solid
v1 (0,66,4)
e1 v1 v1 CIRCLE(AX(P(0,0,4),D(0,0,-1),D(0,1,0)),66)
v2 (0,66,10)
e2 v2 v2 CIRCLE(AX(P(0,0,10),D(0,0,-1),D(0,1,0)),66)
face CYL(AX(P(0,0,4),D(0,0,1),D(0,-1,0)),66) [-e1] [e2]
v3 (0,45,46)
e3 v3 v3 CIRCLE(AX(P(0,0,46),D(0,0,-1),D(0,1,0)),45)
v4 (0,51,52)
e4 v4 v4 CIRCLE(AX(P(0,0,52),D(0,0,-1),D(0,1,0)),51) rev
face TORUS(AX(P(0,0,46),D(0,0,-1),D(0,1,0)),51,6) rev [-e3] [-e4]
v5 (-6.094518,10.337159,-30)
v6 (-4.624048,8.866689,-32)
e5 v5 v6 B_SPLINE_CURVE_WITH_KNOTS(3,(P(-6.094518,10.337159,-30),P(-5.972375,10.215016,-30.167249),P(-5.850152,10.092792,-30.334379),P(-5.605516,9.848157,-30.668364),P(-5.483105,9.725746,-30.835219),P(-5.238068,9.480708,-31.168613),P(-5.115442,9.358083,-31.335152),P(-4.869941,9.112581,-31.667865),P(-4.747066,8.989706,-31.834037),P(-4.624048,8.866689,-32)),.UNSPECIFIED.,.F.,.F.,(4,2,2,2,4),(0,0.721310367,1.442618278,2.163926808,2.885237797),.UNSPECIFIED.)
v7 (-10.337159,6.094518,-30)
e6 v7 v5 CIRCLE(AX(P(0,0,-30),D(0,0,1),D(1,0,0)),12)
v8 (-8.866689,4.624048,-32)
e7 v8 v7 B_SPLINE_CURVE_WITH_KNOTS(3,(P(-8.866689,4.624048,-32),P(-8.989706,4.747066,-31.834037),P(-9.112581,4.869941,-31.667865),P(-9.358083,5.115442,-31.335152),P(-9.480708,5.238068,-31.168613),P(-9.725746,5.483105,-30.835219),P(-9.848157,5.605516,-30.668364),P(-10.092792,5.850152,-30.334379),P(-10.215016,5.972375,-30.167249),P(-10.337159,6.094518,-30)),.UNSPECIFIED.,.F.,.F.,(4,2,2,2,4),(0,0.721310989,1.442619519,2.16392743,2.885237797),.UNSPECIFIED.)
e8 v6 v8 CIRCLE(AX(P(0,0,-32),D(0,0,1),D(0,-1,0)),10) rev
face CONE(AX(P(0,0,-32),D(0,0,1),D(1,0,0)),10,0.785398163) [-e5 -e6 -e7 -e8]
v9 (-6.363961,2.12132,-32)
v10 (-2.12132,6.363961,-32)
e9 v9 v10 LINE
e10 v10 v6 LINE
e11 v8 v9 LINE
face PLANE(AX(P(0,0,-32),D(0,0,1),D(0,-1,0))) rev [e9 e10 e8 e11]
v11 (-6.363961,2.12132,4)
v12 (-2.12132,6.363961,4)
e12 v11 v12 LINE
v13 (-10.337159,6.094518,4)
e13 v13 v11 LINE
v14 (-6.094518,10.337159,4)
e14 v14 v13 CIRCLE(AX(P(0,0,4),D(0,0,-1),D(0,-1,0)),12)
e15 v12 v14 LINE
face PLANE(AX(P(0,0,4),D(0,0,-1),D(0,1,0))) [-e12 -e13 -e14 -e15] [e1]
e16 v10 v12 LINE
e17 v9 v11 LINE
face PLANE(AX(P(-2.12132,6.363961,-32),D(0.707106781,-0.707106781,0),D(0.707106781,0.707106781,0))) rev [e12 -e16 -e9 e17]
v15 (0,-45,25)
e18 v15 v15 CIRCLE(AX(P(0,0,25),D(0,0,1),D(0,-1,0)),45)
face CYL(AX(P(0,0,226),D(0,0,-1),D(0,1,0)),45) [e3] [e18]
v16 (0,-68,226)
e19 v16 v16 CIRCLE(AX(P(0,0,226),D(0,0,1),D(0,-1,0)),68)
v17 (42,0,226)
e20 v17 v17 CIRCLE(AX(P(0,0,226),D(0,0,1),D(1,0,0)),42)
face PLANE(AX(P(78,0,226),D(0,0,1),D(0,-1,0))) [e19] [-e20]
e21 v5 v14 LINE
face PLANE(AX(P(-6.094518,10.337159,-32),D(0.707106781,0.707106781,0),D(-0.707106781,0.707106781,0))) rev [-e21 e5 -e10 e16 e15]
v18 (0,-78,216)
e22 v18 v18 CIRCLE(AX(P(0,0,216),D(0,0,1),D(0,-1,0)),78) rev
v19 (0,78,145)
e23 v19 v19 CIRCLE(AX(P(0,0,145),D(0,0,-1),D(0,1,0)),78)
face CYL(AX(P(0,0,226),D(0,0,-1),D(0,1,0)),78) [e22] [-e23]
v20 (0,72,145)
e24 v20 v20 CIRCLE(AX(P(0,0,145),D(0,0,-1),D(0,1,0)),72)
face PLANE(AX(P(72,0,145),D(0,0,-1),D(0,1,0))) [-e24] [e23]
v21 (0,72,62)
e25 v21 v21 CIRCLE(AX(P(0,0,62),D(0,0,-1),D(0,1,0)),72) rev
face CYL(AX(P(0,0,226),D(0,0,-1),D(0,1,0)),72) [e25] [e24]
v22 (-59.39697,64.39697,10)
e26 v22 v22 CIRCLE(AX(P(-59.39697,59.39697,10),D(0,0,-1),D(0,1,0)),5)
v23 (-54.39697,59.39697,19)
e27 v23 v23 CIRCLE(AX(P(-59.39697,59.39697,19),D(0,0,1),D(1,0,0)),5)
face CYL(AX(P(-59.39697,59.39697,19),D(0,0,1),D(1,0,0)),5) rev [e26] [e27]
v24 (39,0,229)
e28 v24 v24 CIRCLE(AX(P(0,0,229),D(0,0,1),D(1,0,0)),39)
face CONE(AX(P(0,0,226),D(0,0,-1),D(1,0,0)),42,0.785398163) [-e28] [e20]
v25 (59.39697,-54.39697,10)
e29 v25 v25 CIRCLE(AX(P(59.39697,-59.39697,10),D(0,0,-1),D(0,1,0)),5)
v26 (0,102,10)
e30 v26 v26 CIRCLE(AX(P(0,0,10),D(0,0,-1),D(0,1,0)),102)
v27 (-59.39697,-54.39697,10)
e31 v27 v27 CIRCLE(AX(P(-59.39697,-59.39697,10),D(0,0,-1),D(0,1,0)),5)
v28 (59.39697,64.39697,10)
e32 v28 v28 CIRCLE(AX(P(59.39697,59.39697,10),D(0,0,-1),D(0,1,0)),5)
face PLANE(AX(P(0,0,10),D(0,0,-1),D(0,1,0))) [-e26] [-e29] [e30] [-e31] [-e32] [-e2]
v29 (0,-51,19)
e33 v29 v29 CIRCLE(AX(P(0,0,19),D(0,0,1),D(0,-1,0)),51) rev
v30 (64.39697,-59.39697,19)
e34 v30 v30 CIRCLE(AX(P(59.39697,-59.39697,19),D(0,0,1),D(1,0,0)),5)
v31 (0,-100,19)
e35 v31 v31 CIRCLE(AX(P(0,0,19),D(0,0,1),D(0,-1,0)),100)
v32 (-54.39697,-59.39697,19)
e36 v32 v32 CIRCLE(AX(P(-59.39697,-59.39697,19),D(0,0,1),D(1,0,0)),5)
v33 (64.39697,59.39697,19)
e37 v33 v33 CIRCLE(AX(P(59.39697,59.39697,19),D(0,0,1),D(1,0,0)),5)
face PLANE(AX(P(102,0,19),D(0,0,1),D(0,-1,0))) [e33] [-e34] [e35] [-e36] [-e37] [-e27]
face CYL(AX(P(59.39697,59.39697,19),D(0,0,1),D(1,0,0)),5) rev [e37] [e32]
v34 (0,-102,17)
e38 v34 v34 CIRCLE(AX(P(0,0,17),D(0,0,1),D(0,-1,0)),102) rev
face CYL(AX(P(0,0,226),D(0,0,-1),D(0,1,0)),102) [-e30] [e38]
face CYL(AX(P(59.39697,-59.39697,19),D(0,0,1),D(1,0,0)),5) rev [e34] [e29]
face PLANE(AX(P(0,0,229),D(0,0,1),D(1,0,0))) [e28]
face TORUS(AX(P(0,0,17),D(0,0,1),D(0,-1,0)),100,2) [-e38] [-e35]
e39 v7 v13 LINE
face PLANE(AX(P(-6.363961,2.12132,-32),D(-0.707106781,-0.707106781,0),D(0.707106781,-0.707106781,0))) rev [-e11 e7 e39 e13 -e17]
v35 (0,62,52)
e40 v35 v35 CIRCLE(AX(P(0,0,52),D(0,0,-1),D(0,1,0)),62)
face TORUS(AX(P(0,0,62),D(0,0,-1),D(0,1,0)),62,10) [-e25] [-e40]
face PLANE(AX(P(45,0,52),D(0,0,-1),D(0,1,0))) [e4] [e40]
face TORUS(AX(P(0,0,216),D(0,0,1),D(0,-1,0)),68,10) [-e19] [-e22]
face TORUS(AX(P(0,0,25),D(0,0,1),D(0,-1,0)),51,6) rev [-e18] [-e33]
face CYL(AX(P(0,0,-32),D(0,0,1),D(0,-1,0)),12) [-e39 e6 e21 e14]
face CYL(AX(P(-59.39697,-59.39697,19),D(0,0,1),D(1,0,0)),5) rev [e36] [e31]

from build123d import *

# Parameters (mm, degrees)
ESQUISSE2_R                      = 66
EXTRUSION1_DEPTH                 = 6
EXTRUSION2_DEPTH                 = 36
ESQUISSE4_R                      = 42
EXTRUSION3_DEPTH                 = 3
EXTRUSION3_TAPER                 = 45
DIAM_TRE_DU_PER_AGE_M10_0_10_1_D = 10
DIAM_TRE_DU_PER_AGE_M10_0_10_2_D = 10
DIAM_TRE_DU_PER_AGE_M10_0_10_3_D = 10
DIAM_TRE_DU_PER_AGE_M10_0_10_4_D = 10
CHANFREIN1_SIZE                  = 2
CONG_1_R                         = 2
CONG_2_R                         = 6
CONG_3_R                         = 6
CONG_4_R                         = 10
CONG_5_R                         = 10


with BuildPart() as part:
    # Esquisse1 → Révolution1 (revolve)
    with BuildSketch(Plane.XZ, mode=Mode.PRIVATE) as r_volution1_sk:
        Polygon((78, 226), (0, 226), (0, 10), (102, 10), (102, 19), (45, 19), (45, 52), (72, 52), (72, 145), (78, 145), align=None)
    revolve(r_volution1_sk.sketch.rotate(Axis((0, 0, 226), (0, 0, -1)), 270), axis=Axis((0, 0, 226), (0, 0, -1)))

    # Esquisse2 → Extrusion1 (add)
    with BuildSketch(Plane(origin=(0, 0, 10), x_dir=(-1, 0, 0), z_dir=(0, 0, -1))):
        with Locations(Location((0, 0, 0), (0, 0, 90))):
            Circle(ESQUISSE2_R)
    extrude(amount=EXTRUSION1_DEPTH)

    # Esquisse3 → Extrusion2 (add)
    with BuildSketch(Plane(origin=(0, 0, 4), x_dir=(-1, 0, 0), z_dir=(0, 0, -1))):
        with BuildLine():
            Line((6.363961031, 2.121320344), (10.337158706, 6.094518019))
            ThreePointArc((10.337158706, 6.094518019), (-8.485281374, -8.485281374), (6.094518019, 10.337158706))
            Line((6.094518019, 10.337158706), (2.121320344, 6.363961031))
            Line((2.121320344, 6.363961031), (6.363961031, 2.121320344))
        make_face()
    extrude(amount=EXTRUSION2_DEPTH)

    # Esquisse4 → Extrusion3 (add)
    with BuildSketch(Plane.XY.offset(226)):
        Circle(ESQUISSE4_R)
    extrude(amount=EXTRUSION3_DEPTH, taper=EXTRUSION3_TAPER)

    # Diamètre du perçage M10.0 (10)1 (through all)
    with Locations(Plane.XY.offset(19)):
        with Locations((59.39696962, -59.39696962)):
            Hole(DIAM_TRE_DU_PER_AGE_M10_0_10_1_D / 2)

    # Diamètre du perçage M10.0 (10)2 (through all)
    with Locations(Plane.XY.offset(19)):
        with Locations((59.39696962, 59.39696962)):
            Hole(DIAM_TRE_DU_PER_AGE_M10_0_10_2_D / 2)

    # Diamètre du perçage M10.0 (10)3 (through all)
    with Locations(Plane.XY.offset(19)):
        with Locations((-59.39696962, -59.39696962)):
            Hole(DIAM_TRE_DU_PER_AGE_M10_0_10_3_D / 2)

    # Diamètre du perçage M10.0 (10)4 (through all)
    with Locations(Plane.XY.offset(19)):
        with Locations((-59.39696962, 59.39696962)):
            Hole(DIAM_TRE_DU_PER_AGE_M10_0_10_4_D / 2)

    # Chanfrein1
    chanfrein1_edges = [part.edges().sort_by_distance(p)[0] for p in [
        (8.485281374, -8.485281374, -32),
    ]]
    chamfer(chanfrein1_edges, length=CHANFREIN1_SIZE)

    # Congé1
    cong_1_edges = [part.edges().sort_by_distance(p)[0] for p in [
        (0, -102, 19),
    ]]
    fillet(cong_1_edges, radius=CONG_1_R)

    # Congé2
    cong_2_edges = [part.edges().sort_by_distance(p)[0] for p in [
        (0, -45, 52),
    ]]
    fillet(cong_2_edges, radius=CONG_2_R)

    # Congé3
    cong_3_edges = [part.edges().sort_by_distance(p)[0] for p in [
        (0, -45, 19),
    ]]
    fillet(cong_3_edges, radius=CONG_3_R)

    # Congé4
    cong_4_edges = [part.edges().sort_by_distance(p)[0] for p in [
        (0, -72, 52),
    ]]
    fillet(cong_4_edges, radius=CONG_4_R)

    # Congé5
    cong_5_edges = [part.edges().sort_by_distance(p)[0] for p in [
        (0, -78, 226),
    ]]
    fillet(cong_5_edges, radius=CONG_5_R)


solid = part.part
